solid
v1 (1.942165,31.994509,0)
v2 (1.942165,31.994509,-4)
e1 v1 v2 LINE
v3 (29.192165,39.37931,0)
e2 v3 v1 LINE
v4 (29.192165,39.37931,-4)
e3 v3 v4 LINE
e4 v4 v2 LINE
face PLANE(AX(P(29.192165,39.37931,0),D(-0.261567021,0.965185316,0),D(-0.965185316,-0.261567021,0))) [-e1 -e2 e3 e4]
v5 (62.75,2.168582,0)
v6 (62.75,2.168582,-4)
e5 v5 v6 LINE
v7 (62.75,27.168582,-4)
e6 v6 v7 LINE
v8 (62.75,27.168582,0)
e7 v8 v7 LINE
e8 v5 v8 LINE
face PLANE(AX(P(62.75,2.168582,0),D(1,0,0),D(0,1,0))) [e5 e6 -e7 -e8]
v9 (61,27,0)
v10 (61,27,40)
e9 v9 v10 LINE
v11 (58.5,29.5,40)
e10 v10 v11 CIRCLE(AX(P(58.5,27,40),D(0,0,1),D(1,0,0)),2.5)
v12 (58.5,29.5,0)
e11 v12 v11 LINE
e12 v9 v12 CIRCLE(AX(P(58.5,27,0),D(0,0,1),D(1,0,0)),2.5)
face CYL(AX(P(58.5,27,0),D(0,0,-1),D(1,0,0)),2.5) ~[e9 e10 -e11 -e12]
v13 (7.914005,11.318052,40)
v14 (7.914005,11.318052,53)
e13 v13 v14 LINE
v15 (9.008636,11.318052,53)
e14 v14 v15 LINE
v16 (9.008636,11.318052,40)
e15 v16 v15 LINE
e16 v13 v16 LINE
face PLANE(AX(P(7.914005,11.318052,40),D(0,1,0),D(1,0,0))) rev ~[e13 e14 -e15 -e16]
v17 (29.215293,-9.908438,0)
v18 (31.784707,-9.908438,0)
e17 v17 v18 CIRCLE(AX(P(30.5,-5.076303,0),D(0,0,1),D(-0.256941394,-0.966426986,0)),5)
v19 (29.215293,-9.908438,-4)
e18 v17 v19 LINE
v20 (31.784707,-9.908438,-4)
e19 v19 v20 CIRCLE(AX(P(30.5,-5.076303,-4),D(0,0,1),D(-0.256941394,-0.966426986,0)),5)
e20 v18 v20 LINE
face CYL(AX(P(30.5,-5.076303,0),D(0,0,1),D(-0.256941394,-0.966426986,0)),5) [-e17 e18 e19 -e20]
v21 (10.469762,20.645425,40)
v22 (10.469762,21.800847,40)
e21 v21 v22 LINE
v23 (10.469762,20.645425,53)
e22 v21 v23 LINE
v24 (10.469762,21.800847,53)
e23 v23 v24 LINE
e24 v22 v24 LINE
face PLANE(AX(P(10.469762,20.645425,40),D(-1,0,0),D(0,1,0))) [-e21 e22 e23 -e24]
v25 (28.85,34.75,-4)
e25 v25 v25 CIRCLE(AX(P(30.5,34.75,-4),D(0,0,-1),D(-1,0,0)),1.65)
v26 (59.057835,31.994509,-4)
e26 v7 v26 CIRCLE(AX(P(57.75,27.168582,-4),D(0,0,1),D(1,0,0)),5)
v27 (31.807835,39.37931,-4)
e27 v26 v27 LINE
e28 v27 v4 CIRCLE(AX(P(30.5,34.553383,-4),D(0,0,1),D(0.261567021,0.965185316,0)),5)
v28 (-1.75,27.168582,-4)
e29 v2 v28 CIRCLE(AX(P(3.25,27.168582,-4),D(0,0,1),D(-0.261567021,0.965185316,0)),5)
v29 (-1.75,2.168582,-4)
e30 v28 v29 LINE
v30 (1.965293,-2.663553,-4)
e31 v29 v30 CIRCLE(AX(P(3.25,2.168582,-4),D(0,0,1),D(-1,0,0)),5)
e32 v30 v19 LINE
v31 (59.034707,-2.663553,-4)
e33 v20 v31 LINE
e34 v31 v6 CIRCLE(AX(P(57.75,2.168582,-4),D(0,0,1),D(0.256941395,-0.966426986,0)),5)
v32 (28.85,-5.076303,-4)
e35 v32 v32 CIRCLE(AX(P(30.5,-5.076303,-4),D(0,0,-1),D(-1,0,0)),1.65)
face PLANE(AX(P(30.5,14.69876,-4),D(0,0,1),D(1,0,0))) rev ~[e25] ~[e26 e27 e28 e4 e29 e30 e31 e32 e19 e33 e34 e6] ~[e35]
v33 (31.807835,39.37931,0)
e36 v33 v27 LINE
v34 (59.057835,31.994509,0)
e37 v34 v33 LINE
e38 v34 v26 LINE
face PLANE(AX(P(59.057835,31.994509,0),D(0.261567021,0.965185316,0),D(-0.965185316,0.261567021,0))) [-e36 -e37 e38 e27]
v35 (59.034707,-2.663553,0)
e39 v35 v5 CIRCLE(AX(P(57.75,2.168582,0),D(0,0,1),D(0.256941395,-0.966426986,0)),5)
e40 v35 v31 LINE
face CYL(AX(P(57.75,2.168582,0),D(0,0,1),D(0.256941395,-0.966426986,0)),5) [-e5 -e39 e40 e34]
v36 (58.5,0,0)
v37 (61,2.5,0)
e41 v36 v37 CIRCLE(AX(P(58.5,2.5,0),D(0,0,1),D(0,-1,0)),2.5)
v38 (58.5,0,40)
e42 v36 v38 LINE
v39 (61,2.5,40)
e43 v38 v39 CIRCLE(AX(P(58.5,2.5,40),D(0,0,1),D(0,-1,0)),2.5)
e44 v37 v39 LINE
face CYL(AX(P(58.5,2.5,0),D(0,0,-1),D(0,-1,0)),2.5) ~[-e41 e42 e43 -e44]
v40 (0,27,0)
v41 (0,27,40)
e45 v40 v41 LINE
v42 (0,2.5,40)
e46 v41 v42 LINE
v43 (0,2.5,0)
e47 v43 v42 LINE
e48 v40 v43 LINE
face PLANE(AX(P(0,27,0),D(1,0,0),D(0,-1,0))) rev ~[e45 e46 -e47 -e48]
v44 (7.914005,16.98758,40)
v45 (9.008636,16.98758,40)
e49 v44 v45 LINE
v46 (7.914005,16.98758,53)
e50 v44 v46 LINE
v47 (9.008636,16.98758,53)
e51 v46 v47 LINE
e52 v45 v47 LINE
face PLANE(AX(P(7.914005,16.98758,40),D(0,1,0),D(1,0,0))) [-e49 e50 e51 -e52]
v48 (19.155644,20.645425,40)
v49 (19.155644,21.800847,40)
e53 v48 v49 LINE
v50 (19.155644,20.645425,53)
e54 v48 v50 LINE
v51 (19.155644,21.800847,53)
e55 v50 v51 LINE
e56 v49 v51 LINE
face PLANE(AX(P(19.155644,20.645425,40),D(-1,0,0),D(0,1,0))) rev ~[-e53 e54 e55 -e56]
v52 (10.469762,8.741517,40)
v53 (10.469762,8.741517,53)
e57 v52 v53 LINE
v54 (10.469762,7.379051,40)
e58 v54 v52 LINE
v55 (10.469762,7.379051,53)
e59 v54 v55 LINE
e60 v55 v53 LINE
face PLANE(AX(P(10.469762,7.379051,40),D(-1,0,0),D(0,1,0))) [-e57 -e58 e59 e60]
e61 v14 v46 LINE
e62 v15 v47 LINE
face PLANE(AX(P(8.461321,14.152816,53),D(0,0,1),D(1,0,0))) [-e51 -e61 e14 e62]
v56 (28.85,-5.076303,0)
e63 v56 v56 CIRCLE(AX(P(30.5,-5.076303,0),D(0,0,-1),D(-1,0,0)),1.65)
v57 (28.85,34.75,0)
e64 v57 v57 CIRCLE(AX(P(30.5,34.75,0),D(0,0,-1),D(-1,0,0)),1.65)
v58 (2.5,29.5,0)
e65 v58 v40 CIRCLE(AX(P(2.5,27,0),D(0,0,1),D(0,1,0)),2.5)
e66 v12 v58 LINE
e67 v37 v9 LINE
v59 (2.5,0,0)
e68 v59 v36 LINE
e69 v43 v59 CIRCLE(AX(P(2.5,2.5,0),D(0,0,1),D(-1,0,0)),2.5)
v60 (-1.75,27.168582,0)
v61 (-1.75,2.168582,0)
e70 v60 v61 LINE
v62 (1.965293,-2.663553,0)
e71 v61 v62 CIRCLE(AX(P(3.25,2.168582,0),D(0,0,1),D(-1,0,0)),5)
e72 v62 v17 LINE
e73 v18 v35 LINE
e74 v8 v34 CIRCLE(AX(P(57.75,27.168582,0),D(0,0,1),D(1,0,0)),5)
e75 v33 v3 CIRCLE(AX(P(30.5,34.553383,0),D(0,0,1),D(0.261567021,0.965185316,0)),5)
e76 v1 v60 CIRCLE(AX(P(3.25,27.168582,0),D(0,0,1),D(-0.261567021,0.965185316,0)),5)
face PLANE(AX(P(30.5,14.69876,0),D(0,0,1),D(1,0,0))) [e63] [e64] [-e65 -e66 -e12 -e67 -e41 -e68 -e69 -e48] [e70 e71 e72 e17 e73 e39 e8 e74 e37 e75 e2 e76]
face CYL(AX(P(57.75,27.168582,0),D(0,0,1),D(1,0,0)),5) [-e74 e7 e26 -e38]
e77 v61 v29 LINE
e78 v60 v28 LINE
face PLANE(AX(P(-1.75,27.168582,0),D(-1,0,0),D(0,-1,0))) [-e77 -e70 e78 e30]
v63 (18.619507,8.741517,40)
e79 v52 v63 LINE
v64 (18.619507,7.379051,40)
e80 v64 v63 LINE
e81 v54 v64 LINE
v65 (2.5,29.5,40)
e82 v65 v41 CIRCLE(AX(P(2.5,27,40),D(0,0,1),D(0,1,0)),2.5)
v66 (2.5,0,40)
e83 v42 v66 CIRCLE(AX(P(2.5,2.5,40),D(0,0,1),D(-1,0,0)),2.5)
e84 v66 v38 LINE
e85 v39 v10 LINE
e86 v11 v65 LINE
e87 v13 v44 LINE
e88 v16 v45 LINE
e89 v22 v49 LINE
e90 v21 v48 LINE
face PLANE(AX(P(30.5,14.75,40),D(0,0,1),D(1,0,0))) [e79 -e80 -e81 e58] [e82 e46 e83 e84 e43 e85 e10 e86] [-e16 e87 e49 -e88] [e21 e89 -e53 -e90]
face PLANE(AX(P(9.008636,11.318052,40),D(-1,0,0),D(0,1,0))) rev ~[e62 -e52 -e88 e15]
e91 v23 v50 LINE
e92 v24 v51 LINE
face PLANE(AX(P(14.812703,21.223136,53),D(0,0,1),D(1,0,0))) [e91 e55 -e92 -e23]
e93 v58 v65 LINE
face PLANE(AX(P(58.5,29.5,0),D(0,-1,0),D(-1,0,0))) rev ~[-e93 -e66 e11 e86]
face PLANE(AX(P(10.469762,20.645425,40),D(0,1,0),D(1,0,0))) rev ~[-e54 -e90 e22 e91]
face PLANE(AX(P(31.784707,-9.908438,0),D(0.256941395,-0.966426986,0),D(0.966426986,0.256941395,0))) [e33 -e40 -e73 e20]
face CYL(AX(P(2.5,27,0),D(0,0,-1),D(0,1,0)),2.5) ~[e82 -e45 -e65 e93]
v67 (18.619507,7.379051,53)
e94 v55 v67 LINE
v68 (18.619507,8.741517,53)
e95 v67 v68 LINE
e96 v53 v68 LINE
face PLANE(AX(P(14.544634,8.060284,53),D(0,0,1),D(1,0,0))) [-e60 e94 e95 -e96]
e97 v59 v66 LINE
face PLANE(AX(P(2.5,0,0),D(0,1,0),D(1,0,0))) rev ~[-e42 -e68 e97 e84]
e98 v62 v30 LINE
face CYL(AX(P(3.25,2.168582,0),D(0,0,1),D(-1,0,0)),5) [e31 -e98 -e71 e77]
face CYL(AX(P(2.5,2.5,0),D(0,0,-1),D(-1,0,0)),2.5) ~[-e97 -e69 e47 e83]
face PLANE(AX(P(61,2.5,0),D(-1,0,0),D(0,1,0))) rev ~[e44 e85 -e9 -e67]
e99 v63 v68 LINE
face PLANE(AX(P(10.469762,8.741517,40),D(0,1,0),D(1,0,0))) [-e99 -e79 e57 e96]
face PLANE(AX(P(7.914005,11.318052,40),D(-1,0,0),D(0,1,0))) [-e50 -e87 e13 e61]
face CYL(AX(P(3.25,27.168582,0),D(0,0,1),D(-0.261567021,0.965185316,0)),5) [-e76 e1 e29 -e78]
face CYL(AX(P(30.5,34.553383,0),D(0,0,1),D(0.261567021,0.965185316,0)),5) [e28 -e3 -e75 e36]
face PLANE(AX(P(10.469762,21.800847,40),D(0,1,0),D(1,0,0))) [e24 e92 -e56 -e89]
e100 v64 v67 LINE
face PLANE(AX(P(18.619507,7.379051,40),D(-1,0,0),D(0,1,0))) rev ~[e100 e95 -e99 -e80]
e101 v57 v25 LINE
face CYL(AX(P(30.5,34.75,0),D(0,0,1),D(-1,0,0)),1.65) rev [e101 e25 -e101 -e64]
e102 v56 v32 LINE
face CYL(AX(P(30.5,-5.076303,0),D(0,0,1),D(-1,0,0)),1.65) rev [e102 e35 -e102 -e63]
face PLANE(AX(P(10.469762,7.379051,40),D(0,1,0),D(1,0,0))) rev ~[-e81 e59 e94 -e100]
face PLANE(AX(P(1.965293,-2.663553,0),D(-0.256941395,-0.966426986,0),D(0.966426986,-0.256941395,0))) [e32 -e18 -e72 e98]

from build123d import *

# Parameters (mm, degrees)
BOSS_EXTRUDE1_DEPTH = 40
SKETCH2_R           = 1.65
BOSS_EXTRUDE2_DEPTH = 4
SKETCH3_W           = 1.094631416
SKETCH3_H           = 5.669527591
SKETCH3_W_2         = 8.149744195
SKETCH3_H_2         = 1.362465731
SKETCH3_W_3         = 8.685881664
SKETCH3_H_3         = 1.155421961
BOSS_EXTRUDE3_DEPTH = 13


with BuildPart() as part:
    # Sketch1 → Boss-Extrude1 (new body)
    with BuildSketch(Plane.XY):
        with BuildLine():
            Line((2.5, 0), (58.5, 0))
            ThreePointArc((58.5, 0), (60.267766953, 0.732233047), (61, 2.5))
            Line((61, 2.5), (61, 27))
            ThreePointArc((61, 27), (60.267766953, 28.767766953), (58.5, 29.5))
            Line((58.5, 29.5), (2.5, 29.5))
            ThreePointArc((2.5, 29.5), (0.732233047, 28.767766953), (0, 27))
            Line((0, 27), (0, 2.5))
            ThreePointArc((0, 2.5), (0.732233047, 0.732233047), (2.5, 0))
        make_face()
    extrude(amount=BOSS_EXTRUDE1_DEPTH)

    # Sketch2 → Boss-Extrude2 (add)
    with BuildSketch(Plane(origin=(0, 0, 0), x_dir=(-1, 0, 0), z_dir=(0, 0, -1))):
        with BuildLine():
            Line((-29.192164894, 39.379309675), (-1.942164894, 31.994508834))
            ThreePointArc((-1.942164894, 31.994508834), (0.721094026, 30.206741606), (1.75, 27.168582256))
            Line((1.75, 27.168582256), (1.75, 2.168582256))
            ThreePointArc((1.75, 2.168582256), (0.71380719, -0.879077922), (-1.965293024, -2.663552674))
            Line((-1.965293024, -2.663552674), (-29.215293024, -9.908438343))
            ThreePointArc((-29.215293024, -9.908438343), (-30.5, -10.076303412), (-31.784706976, -9.908438343))
            Line((-31.784706976, -9.908438343), (-59.034706976, -2.663552674))
            ThreePointArc((-59.034706976, -2.663552674), (-61.71380719, -0.879077922), (-62.75, 2.168582256))
            Line((-62.75, 2.168582256), (-62.75, 27.168582256))
            ThreePointArc((-62.75, 27.168582256), (-61.721094026, 30.206741606), (-59.057835106, 31.994508834))
            Line((-59.057835106, 31.994508834), (-31.807835106, 39.379309675))
            ThreePointArc((-31.807835106, 39.379309675), (-30.5, 39.553383097), (-29.192164894, 39.379309675))
        make_face()
        with Locations((-30.5, 34.75)):
            Circle(SKETCH2_R, mode=Mode.SUBTRACT)
        with Locations((-30.5, -5.076303412)):
            Circle(SKETCH2_R, mode=Mode.SUBTRACT)
    extrude(amount=BOSS_EXTRUDE2_DEPTH)

    # Sketch3 → Boss-Extrude3 (add)
    with BuildSketch(Plane.XY.offset(40)):
        with Locations((8.461320631, 14.1528159)):
            Rectangle(SKETCH3_W, SKETCH3_H)
        with Locations((14.54463445, 8.060284138)):
            Rectangle(SKETCH3_W_2, SKETCH3_H_2)
        with Locations((14.812703184, 21.223135875)):
            Rectangle(SKETCH3_W_3, SKETCH3_H_3)
    extrude(amount=BOSS_EXTRUDE3_DEPTH)


solid = part.part
